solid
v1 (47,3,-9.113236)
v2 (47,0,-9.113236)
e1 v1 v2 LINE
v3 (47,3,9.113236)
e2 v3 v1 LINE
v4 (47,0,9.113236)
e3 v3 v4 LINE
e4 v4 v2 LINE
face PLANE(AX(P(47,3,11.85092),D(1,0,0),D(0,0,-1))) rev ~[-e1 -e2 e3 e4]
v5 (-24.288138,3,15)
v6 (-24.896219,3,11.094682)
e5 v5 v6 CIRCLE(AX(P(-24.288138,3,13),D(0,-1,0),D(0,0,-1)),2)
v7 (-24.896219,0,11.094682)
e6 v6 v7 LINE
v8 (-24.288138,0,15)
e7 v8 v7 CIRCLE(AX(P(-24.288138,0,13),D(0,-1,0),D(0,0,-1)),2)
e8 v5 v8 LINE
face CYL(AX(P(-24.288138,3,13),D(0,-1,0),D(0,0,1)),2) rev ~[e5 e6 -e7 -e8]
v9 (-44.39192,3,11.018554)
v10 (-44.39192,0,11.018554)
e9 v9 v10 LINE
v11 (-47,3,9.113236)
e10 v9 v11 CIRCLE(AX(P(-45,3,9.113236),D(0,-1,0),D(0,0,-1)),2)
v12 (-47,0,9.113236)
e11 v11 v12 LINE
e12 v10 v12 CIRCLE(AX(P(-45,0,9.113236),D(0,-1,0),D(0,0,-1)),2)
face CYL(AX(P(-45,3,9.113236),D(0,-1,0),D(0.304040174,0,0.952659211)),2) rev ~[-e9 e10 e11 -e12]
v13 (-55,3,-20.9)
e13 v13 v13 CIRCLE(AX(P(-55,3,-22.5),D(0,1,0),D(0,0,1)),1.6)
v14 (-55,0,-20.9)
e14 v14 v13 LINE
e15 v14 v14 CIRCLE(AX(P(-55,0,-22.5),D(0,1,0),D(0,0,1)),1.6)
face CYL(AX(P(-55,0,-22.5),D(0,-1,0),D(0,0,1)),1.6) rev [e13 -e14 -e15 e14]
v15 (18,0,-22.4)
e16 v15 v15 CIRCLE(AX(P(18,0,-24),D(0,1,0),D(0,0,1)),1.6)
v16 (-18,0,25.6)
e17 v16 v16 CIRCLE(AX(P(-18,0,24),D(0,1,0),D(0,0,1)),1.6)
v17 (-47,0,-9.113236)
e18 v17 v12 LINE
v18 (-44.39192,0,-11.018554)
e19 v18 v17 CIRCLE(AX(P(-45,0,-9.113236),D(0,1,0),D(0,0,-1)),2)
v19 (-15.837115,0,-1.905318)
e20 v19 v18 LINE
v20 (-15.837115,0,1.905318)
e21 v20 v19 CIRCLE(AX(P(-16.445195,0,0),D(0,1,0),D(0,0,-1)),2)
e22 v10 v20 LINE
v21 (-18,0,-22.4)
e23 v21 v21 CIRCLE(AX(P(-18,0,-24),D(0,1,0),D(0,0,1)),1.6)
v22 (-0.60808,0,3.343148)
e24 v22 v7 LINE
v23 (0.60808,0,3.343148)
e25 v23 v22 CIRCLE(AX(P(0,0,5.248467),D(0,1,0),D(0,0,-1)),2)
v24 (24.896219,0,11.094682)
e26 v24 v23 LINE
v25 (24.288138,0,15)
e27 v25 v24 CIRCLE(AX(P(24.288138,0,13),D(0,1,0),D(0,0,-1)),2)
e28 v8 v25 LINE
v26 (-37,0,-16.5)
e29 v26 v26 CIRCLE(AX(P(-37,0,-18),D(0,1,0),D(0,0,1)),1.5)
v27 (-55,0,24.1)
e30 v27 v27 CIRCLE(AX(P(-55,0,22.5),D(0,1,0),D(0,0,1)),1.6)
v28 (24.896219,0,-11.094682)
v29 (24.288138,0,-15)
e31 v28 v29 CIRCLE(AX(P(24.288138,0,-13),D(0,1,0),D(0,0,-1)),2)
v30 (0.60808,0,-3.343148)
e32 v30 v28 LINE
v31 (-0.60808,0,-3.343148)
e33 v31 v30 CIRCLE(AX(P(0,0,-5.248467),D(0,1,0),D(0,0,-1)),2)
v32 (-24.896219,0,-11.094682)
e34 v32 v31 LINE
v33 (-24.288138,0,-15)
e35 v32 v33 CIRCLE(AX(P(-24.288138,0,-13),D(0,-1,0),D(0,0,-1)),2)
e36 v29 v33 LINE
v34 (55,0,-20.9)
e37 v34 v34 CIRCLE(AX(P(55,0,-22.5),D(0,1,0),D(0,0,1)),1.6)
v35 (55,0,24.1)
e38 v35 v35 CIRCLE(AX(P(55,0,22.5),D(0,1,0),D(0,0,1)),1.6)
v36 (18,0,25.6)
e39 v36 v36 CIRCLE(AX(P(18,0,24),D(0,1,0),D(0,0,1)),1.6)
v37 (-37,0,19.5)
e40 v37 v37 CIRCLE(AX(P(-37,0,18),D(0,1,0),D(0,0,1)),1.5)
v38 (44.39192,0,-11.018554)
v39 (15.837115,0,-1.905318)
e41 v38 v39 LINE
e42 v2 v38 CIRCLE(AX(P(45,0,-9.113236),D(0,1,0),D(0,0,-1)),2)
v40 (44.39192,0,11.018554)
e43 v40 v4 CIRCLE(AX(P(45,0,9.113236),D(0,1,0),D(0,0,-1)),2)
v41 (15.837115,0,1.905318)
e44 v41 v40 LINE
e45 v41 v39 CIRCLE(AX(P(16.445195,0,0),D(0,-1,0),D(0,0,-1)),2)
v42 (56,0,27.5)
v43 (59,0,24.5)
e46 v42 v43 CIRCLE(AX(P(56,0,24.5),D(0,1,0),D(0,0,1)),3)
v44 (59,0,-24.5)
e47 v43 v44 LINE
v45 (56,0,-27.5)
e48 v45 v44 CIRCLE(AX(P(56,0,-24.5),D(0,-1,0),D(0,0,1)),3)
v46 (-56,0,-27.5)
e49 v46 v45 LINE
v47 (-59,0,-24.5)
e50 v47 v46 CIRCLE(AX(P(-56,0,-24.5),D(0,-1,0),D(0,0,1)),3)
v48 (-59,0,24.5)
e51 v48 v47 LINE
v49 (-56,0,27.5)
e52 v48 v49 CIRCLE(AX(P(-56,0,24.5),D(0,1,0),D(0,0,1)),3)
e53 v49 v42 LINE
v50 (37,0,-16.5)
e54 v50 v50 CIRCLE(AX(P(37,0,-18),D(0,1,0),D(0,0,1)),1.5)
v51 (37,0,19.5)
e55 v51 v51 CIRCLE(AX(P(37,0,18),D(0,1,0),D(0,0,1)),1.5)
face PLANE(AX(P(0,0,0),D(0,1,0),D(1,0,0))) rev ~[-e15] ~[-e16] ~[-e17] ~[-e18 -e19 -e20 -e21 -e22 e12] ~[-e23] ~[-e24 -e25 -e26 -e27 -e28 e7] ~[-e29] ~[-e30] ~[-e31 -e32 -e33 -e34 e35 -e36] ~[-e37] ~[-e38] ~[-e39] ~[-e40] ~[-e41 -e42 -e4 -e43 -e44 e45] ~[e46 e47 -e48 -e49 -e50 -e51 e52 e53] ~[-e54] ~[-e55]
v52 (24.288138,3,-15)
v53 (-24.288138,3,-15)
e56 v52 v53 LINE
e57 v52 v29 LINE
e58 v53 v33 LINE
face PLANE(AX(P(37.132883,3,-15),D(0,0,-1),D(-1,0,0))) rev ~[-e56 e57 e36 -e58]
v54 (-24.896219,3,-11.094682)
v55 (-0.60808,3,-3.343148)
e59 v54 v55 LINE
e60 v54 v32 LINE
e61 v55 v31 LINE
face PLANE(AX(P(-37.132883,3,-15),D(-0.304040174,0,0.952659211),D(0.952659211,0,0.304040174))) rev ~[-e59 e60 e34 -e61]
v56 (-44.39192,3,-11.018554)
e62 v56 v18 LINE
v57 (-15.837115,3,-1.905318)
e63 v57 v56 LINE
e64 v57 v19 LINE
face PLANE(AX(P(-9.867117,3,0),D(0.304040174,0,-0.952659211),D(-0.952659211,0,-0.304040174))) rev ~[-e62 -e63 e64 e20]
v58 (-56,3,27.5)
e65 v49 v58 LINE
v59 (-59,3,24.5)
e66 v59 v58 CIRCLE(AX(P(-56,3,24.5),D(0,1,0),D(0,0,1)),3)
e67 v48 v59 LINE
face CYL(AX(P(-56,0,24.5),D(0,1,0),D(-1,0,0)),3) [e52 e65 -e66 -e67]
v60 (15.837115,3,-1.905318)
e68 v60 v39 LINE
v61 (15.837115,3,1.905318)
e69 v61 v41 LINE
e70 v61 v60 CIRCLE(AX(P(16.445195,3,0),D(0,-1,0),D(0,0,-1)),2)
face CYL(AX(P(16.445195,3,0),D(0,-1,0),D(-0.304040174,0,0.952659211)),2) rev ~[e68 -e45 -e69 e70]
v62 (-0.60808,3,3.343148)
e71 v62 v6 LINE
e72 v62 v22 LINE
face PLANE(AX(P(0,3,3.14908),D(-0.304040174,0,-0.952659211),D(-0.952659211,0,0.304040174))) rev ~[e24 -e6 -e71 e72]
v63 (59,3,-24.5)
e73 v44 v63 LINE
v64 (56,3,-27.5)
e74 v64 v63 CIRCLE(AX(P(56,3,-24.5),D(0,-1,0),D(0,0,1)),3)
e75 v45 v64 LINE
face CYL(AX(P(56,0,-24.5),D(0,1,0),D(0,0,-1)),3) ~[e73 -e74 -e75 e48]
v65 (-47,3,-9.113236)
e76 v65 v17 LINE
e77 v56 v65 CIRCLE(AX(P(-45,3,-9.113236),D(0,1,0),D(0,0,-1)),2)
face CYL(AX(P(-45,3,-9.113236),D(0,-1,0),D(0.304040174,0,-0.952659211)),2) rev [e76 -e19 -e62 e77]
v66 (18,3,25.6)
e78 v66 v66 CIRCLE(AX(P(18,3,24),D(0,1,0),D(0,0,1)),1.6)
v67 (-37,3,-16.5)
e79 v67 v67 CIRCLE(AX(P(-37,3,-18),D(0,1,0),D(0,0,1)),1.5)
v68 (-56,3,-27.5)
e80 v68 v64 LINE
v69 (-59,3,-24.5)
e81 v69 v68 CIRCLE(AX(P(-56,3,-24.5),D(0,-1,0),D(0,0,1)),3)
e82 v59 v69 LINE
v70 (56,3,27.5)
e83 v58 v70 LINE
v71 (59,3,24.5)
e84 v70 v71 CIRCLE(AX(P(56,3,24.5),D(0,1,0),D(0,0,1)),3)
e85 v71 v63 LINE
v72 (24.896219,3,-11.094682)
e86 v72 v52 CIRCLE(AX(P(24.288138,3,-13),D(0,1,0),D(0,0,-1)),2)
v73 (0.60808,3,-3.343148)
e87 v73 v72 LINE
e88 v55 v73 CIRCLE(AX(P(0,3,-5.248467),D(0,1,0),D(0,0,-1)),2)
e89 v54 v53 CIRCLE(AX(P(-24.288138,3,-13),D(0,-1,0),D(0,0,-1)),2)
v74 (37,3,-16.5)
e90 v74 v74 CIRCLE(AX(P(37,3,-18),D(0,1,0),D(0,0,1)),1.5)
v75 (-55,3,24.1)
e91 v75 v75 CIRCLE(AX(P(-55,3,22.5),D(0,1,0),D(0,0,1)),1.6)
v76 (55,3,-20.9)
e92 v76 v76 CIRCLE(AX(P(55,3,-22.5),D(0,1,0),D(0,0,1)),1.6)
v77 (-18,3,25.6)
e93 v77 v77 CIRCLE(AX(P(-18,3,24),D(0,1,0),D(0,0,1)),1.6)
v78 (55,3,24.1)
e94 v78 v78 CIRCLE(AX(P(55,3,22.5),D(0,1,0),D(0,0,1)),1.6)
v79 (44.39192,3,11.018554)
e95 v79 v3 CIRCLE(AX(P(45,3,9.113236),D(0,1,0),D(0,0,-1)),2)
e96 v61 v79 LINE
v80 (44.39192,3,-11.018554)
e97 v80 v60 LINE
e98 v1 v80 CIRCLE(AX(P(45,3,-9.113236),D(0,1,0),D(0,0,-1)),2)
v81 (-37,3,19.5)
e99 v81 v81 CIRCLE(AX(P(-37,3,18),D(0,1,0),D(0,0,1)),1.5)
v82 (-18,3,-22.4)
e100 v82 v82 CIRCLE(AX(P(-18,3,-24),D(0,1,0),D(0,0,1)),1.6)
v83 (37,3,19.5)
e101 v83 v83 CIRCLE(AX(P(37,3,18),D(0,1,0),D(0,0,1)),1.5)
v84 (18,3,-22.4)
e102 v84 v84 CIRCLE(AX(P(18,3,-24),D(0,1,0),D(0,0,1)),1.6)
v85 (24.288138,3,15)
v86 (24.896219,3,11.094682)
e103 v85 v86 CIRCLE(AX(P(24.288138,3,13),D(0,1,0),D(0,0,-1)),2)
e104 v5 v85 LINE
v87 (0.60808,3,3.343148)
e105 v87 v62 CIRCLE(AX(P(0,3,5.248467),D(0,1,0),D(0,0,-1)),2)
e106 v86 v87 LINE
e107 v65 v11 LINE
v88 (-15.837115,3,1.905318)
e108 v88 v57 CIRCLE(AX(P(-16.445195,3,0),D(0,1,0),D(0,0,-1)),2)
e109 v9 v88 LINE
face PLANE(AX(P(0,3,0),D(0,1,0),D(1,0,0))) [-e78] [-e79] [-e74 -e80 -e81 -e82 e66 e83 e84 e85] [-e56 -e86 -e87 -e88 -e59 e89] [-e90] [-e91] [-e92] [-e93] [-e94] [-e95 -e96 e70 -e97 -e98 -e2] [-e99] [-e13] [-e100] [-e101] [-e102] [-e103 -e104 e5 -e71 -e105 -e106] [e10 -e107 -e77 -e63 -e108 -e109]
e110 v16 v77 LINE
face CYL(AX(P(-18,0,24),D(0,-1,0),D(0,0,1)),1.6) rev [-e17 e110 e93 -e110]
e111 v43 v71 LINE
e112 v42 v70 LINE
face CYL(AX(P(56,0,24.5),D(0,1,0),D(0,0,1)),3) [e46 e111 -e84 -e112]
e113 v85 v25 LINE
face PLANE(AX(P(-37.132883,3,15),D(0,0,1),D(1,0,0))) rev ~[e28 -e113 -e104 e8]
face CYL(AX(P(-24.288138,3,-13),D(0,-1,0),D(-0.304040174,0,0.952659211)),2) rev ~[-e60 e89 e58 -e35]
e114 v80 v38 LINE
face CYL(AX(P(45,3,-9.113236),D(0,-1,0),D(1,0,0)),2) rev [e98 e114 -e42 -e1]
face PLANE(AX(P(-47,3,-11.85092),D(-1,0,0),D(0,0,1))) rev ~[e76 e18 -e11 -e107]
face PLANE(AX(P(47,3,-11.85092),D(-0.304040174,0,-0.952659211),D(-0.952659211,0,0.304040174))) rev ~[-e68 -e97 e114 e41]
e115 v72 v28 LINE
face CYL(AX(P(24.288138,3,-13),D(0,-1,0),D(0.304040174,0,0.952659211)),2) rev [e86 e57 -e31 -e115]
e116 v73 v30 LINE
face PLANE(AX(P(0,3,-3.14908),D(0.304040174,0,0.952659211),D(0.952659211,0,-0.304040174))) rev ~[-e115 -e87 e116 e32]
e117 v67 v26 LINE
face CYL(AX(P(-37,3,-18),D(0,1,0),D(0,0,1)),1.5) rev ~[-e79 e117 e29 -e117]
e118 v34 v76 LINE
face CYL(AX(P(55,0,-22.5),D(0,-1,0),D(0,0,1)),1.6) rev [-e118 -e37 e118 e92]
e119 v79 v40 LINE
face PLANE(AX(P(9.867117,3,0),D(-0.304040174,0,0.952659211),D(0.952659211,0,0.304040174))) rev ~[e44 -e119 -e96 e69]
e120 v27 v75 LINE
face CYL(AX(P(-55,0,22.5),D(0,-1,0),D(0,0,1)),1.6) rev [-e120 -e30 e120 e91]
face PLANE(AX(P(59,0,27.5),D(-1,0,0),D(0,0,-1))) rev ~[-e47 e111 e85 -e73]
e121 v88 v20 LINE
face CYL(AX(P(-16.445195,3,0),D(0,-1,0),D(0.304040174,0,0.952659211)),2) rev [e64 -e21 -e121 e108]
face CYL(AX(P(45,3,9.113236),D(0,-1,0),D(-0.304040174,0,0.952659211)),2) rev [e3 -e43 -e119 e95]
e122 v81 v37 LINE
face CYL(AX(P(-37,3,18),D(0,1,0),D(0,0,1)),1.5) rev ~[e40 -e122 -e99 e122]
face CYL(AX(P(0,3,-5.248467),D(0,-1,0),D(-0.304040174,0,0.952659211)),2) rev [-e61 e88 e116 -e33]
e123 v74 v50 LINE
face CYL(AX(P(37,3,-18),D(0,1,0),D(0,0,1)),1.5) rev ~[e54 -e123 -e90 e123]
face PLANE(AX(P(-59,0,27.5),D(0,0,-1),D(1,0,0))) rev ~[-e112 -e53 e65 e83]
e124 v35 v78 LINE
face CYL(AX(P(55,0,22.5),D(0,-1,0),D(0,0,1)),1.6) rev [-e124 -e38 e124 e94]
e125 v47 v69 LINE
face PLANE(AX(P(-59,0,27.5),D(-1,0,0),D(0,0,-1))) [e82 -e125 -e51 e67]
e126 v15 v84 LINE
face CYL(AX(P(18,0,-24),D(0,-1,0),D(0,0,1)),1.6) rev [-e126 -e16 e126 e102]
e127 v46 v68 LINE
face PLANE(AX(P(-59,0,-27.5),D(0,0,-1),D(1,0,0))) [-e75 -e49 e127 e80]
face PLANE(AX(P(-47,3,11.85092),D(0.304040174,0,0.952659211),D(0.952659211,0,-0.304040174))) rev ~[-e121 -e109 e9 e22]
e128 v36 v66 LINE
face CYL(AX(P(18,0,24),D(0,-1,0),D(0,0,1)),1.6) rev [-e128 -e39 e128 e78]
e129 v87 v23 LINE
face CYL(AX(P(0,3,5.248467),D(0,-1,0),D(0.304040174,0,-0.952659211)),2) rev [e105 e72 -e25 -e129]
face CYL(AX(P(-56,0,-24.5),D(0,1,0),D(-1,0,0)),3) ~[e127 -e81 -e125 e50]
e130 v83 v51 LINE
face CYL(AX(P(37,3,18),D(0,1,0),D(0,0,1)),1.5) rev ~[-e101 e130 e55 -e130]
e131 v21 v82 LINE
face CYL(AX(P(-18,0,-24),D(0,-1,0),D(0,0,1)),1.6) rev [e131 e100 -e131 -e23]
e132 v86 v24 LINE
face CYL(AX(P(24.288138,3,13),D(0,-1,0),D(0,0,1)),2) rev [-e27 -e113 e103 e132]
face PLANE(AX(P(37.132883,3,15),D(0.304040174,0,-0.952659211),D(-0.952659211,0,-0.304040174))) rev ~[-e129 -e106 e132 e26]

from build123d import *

# Parameters (mm, degrees)
SKETCH_1_W          = 118
SKETCH_1_H          = 55
SKETCH_1_R          = 1.6
EXTRUDE_1_DEPTH     = 3
SKETCH_2_R          = 1.5
CUT_EXTRUDE_1_DEPTH = 66.163256518
CUT_EXTRUDE_2_DEPTH = 66.163256518
FILLET_1_R          = 2
FILLET_2_R          = 3


with BuildPart() as part:
    # 草图1 → 凸台-拉伸1 (new body)
    with BuildSketch(Plane(origin=(0, 0, 0), x_dir=(1, 0, 0), z_dir=(0, 1, 0))):
        Rectangle(SKETCH_1_W, SKETCH_1_H)
        with Locations(Location((-55, 22.5, 0), (0, 0, 270))):
            Circle(SKETCH_1_R, mode=Mode.SUBTRACT)
        with Locations(Location((55, 22.5, 0), (0, 0, 270))):
            Circle(SKETCH_1_R, mode=Mode.SUBTRACT)
        with Locations(Location((-55, -22.5, 0), (0, 0, 270))):
            Circle(SKETCH_1_R, mode=Mode.SUBTRACT)
        with Locations(Location((55, -22.5, 0), (0, 0, 270))):
            Circle(SKETCH_1_R, mode=Mode.SUBTRACT)
        with Locations(Location((-18, 24, 0), (0, 0, 270))):
            Circle(SKETCH_1_R, mode=Mode.SUBTRACT)
        with Locations(Location((18, 24, 0), (0, 0, 270))):
            Circle(SKETCH_1_R, mode=Mode.SUBTRACT)
        with Locations(Location((18, -24, 0), (0, 0, 270))):
            Circle(SKETCH_1_R, mode=Mode.SUBTRACT)
        with Locations(Location((-18, -24, 0), (0, 0, 270))):
            Circle(SKETCH_1_R, mode=Mode.SUBTRACT)
    extrude(amount=EXTRUDE_1_DEPTH)

    # 草图2 → 切除-拉伸1 (cut, through all)
    with BuildSketch(Plane(origin=(0, 3, 0), x_dir=(1, 0, 0), z_dir=(0, 1, 0))):
        with Locations(Location((-37, 18, 0), (0, 0, 270))):
            Circle(SKETCH_2_R)
        with Locations(Location((37, 18, 0), (0, 0, 270))):
            Circle(SKETCH_2_R)
        with Locations(Location((37, -18, 0), (0, 0, 270))):
            Circle(SKETCH_2_R)
        with Locations(Location((-37, -18, 0), (0, 0, 270))):
            Circle(SKETCH_2_R)
    extrude(amount=-CUT_EXTRUDE_1_DEPTH, mode=Mode.SUBTRACT)

    # 草图3 → 切除-拉伸2 (cut, through all)
    with BuildSketch(Plane(origin=(0, 3, 0), x_dir=(1, 0, 0), z_dir=(0, 1, 0))):
        Polygon((-47, -11.850920072), (-9.867117107, 0), (-47, 11.850920072), align=None)
        Polygon((-37.132882893, 15), (0, 3.149079928), (37.132882893, 15), align=None)
        Polygon((9.867117107, 0), (47, -11.850920072), (47, 11.850920072), align=None)
        Polygon((-37.132882893, -15), (37.132882893, -15), (0, -3.149079928), align=None)
    extrude(amount=-CUT_EXTRUDE_2_DEPTH, mode=Mode.SUBTRACT)

    # 圆角1
    fillet_1_edges = [part.edges().sort_by_distance(p)[0] for p in [
        (47, 1.5, -11.850920072),
        (47, 1.5, 11.850920072),
        (9.867117107, 1.5, 0),
        (37.132882893, 1.5, -15),
        (0, 1.5, -3.149079928),
        (-37.132882893, 1.5, -15),
        (0, 1.5, 3.149079928),
        (37.132882893, 1.5, 15),
        (-37.132882893, 1.5, 15),
        (-9.867117107, 1.5, 0),
        (-47, 1.5, 11.850920072),
        (-47, 1.5, -11.850920072),
    ]]
    fillet(fillet_1_edges, radius=FILLET_1_R)

    # 圆角2
    fillet_2_edges = [part.edges().sort_by_distance(p)[0] for p in [
        (-59, 1.5, -27.5),
        (59, 1.5, -27.5),
        (59, 1.5, 27.5),
        (-59, 1.5, 27.5),
    ]]
    fillet(fillet_2_edges, radius=FILLET_2_R)


solid = part.part
